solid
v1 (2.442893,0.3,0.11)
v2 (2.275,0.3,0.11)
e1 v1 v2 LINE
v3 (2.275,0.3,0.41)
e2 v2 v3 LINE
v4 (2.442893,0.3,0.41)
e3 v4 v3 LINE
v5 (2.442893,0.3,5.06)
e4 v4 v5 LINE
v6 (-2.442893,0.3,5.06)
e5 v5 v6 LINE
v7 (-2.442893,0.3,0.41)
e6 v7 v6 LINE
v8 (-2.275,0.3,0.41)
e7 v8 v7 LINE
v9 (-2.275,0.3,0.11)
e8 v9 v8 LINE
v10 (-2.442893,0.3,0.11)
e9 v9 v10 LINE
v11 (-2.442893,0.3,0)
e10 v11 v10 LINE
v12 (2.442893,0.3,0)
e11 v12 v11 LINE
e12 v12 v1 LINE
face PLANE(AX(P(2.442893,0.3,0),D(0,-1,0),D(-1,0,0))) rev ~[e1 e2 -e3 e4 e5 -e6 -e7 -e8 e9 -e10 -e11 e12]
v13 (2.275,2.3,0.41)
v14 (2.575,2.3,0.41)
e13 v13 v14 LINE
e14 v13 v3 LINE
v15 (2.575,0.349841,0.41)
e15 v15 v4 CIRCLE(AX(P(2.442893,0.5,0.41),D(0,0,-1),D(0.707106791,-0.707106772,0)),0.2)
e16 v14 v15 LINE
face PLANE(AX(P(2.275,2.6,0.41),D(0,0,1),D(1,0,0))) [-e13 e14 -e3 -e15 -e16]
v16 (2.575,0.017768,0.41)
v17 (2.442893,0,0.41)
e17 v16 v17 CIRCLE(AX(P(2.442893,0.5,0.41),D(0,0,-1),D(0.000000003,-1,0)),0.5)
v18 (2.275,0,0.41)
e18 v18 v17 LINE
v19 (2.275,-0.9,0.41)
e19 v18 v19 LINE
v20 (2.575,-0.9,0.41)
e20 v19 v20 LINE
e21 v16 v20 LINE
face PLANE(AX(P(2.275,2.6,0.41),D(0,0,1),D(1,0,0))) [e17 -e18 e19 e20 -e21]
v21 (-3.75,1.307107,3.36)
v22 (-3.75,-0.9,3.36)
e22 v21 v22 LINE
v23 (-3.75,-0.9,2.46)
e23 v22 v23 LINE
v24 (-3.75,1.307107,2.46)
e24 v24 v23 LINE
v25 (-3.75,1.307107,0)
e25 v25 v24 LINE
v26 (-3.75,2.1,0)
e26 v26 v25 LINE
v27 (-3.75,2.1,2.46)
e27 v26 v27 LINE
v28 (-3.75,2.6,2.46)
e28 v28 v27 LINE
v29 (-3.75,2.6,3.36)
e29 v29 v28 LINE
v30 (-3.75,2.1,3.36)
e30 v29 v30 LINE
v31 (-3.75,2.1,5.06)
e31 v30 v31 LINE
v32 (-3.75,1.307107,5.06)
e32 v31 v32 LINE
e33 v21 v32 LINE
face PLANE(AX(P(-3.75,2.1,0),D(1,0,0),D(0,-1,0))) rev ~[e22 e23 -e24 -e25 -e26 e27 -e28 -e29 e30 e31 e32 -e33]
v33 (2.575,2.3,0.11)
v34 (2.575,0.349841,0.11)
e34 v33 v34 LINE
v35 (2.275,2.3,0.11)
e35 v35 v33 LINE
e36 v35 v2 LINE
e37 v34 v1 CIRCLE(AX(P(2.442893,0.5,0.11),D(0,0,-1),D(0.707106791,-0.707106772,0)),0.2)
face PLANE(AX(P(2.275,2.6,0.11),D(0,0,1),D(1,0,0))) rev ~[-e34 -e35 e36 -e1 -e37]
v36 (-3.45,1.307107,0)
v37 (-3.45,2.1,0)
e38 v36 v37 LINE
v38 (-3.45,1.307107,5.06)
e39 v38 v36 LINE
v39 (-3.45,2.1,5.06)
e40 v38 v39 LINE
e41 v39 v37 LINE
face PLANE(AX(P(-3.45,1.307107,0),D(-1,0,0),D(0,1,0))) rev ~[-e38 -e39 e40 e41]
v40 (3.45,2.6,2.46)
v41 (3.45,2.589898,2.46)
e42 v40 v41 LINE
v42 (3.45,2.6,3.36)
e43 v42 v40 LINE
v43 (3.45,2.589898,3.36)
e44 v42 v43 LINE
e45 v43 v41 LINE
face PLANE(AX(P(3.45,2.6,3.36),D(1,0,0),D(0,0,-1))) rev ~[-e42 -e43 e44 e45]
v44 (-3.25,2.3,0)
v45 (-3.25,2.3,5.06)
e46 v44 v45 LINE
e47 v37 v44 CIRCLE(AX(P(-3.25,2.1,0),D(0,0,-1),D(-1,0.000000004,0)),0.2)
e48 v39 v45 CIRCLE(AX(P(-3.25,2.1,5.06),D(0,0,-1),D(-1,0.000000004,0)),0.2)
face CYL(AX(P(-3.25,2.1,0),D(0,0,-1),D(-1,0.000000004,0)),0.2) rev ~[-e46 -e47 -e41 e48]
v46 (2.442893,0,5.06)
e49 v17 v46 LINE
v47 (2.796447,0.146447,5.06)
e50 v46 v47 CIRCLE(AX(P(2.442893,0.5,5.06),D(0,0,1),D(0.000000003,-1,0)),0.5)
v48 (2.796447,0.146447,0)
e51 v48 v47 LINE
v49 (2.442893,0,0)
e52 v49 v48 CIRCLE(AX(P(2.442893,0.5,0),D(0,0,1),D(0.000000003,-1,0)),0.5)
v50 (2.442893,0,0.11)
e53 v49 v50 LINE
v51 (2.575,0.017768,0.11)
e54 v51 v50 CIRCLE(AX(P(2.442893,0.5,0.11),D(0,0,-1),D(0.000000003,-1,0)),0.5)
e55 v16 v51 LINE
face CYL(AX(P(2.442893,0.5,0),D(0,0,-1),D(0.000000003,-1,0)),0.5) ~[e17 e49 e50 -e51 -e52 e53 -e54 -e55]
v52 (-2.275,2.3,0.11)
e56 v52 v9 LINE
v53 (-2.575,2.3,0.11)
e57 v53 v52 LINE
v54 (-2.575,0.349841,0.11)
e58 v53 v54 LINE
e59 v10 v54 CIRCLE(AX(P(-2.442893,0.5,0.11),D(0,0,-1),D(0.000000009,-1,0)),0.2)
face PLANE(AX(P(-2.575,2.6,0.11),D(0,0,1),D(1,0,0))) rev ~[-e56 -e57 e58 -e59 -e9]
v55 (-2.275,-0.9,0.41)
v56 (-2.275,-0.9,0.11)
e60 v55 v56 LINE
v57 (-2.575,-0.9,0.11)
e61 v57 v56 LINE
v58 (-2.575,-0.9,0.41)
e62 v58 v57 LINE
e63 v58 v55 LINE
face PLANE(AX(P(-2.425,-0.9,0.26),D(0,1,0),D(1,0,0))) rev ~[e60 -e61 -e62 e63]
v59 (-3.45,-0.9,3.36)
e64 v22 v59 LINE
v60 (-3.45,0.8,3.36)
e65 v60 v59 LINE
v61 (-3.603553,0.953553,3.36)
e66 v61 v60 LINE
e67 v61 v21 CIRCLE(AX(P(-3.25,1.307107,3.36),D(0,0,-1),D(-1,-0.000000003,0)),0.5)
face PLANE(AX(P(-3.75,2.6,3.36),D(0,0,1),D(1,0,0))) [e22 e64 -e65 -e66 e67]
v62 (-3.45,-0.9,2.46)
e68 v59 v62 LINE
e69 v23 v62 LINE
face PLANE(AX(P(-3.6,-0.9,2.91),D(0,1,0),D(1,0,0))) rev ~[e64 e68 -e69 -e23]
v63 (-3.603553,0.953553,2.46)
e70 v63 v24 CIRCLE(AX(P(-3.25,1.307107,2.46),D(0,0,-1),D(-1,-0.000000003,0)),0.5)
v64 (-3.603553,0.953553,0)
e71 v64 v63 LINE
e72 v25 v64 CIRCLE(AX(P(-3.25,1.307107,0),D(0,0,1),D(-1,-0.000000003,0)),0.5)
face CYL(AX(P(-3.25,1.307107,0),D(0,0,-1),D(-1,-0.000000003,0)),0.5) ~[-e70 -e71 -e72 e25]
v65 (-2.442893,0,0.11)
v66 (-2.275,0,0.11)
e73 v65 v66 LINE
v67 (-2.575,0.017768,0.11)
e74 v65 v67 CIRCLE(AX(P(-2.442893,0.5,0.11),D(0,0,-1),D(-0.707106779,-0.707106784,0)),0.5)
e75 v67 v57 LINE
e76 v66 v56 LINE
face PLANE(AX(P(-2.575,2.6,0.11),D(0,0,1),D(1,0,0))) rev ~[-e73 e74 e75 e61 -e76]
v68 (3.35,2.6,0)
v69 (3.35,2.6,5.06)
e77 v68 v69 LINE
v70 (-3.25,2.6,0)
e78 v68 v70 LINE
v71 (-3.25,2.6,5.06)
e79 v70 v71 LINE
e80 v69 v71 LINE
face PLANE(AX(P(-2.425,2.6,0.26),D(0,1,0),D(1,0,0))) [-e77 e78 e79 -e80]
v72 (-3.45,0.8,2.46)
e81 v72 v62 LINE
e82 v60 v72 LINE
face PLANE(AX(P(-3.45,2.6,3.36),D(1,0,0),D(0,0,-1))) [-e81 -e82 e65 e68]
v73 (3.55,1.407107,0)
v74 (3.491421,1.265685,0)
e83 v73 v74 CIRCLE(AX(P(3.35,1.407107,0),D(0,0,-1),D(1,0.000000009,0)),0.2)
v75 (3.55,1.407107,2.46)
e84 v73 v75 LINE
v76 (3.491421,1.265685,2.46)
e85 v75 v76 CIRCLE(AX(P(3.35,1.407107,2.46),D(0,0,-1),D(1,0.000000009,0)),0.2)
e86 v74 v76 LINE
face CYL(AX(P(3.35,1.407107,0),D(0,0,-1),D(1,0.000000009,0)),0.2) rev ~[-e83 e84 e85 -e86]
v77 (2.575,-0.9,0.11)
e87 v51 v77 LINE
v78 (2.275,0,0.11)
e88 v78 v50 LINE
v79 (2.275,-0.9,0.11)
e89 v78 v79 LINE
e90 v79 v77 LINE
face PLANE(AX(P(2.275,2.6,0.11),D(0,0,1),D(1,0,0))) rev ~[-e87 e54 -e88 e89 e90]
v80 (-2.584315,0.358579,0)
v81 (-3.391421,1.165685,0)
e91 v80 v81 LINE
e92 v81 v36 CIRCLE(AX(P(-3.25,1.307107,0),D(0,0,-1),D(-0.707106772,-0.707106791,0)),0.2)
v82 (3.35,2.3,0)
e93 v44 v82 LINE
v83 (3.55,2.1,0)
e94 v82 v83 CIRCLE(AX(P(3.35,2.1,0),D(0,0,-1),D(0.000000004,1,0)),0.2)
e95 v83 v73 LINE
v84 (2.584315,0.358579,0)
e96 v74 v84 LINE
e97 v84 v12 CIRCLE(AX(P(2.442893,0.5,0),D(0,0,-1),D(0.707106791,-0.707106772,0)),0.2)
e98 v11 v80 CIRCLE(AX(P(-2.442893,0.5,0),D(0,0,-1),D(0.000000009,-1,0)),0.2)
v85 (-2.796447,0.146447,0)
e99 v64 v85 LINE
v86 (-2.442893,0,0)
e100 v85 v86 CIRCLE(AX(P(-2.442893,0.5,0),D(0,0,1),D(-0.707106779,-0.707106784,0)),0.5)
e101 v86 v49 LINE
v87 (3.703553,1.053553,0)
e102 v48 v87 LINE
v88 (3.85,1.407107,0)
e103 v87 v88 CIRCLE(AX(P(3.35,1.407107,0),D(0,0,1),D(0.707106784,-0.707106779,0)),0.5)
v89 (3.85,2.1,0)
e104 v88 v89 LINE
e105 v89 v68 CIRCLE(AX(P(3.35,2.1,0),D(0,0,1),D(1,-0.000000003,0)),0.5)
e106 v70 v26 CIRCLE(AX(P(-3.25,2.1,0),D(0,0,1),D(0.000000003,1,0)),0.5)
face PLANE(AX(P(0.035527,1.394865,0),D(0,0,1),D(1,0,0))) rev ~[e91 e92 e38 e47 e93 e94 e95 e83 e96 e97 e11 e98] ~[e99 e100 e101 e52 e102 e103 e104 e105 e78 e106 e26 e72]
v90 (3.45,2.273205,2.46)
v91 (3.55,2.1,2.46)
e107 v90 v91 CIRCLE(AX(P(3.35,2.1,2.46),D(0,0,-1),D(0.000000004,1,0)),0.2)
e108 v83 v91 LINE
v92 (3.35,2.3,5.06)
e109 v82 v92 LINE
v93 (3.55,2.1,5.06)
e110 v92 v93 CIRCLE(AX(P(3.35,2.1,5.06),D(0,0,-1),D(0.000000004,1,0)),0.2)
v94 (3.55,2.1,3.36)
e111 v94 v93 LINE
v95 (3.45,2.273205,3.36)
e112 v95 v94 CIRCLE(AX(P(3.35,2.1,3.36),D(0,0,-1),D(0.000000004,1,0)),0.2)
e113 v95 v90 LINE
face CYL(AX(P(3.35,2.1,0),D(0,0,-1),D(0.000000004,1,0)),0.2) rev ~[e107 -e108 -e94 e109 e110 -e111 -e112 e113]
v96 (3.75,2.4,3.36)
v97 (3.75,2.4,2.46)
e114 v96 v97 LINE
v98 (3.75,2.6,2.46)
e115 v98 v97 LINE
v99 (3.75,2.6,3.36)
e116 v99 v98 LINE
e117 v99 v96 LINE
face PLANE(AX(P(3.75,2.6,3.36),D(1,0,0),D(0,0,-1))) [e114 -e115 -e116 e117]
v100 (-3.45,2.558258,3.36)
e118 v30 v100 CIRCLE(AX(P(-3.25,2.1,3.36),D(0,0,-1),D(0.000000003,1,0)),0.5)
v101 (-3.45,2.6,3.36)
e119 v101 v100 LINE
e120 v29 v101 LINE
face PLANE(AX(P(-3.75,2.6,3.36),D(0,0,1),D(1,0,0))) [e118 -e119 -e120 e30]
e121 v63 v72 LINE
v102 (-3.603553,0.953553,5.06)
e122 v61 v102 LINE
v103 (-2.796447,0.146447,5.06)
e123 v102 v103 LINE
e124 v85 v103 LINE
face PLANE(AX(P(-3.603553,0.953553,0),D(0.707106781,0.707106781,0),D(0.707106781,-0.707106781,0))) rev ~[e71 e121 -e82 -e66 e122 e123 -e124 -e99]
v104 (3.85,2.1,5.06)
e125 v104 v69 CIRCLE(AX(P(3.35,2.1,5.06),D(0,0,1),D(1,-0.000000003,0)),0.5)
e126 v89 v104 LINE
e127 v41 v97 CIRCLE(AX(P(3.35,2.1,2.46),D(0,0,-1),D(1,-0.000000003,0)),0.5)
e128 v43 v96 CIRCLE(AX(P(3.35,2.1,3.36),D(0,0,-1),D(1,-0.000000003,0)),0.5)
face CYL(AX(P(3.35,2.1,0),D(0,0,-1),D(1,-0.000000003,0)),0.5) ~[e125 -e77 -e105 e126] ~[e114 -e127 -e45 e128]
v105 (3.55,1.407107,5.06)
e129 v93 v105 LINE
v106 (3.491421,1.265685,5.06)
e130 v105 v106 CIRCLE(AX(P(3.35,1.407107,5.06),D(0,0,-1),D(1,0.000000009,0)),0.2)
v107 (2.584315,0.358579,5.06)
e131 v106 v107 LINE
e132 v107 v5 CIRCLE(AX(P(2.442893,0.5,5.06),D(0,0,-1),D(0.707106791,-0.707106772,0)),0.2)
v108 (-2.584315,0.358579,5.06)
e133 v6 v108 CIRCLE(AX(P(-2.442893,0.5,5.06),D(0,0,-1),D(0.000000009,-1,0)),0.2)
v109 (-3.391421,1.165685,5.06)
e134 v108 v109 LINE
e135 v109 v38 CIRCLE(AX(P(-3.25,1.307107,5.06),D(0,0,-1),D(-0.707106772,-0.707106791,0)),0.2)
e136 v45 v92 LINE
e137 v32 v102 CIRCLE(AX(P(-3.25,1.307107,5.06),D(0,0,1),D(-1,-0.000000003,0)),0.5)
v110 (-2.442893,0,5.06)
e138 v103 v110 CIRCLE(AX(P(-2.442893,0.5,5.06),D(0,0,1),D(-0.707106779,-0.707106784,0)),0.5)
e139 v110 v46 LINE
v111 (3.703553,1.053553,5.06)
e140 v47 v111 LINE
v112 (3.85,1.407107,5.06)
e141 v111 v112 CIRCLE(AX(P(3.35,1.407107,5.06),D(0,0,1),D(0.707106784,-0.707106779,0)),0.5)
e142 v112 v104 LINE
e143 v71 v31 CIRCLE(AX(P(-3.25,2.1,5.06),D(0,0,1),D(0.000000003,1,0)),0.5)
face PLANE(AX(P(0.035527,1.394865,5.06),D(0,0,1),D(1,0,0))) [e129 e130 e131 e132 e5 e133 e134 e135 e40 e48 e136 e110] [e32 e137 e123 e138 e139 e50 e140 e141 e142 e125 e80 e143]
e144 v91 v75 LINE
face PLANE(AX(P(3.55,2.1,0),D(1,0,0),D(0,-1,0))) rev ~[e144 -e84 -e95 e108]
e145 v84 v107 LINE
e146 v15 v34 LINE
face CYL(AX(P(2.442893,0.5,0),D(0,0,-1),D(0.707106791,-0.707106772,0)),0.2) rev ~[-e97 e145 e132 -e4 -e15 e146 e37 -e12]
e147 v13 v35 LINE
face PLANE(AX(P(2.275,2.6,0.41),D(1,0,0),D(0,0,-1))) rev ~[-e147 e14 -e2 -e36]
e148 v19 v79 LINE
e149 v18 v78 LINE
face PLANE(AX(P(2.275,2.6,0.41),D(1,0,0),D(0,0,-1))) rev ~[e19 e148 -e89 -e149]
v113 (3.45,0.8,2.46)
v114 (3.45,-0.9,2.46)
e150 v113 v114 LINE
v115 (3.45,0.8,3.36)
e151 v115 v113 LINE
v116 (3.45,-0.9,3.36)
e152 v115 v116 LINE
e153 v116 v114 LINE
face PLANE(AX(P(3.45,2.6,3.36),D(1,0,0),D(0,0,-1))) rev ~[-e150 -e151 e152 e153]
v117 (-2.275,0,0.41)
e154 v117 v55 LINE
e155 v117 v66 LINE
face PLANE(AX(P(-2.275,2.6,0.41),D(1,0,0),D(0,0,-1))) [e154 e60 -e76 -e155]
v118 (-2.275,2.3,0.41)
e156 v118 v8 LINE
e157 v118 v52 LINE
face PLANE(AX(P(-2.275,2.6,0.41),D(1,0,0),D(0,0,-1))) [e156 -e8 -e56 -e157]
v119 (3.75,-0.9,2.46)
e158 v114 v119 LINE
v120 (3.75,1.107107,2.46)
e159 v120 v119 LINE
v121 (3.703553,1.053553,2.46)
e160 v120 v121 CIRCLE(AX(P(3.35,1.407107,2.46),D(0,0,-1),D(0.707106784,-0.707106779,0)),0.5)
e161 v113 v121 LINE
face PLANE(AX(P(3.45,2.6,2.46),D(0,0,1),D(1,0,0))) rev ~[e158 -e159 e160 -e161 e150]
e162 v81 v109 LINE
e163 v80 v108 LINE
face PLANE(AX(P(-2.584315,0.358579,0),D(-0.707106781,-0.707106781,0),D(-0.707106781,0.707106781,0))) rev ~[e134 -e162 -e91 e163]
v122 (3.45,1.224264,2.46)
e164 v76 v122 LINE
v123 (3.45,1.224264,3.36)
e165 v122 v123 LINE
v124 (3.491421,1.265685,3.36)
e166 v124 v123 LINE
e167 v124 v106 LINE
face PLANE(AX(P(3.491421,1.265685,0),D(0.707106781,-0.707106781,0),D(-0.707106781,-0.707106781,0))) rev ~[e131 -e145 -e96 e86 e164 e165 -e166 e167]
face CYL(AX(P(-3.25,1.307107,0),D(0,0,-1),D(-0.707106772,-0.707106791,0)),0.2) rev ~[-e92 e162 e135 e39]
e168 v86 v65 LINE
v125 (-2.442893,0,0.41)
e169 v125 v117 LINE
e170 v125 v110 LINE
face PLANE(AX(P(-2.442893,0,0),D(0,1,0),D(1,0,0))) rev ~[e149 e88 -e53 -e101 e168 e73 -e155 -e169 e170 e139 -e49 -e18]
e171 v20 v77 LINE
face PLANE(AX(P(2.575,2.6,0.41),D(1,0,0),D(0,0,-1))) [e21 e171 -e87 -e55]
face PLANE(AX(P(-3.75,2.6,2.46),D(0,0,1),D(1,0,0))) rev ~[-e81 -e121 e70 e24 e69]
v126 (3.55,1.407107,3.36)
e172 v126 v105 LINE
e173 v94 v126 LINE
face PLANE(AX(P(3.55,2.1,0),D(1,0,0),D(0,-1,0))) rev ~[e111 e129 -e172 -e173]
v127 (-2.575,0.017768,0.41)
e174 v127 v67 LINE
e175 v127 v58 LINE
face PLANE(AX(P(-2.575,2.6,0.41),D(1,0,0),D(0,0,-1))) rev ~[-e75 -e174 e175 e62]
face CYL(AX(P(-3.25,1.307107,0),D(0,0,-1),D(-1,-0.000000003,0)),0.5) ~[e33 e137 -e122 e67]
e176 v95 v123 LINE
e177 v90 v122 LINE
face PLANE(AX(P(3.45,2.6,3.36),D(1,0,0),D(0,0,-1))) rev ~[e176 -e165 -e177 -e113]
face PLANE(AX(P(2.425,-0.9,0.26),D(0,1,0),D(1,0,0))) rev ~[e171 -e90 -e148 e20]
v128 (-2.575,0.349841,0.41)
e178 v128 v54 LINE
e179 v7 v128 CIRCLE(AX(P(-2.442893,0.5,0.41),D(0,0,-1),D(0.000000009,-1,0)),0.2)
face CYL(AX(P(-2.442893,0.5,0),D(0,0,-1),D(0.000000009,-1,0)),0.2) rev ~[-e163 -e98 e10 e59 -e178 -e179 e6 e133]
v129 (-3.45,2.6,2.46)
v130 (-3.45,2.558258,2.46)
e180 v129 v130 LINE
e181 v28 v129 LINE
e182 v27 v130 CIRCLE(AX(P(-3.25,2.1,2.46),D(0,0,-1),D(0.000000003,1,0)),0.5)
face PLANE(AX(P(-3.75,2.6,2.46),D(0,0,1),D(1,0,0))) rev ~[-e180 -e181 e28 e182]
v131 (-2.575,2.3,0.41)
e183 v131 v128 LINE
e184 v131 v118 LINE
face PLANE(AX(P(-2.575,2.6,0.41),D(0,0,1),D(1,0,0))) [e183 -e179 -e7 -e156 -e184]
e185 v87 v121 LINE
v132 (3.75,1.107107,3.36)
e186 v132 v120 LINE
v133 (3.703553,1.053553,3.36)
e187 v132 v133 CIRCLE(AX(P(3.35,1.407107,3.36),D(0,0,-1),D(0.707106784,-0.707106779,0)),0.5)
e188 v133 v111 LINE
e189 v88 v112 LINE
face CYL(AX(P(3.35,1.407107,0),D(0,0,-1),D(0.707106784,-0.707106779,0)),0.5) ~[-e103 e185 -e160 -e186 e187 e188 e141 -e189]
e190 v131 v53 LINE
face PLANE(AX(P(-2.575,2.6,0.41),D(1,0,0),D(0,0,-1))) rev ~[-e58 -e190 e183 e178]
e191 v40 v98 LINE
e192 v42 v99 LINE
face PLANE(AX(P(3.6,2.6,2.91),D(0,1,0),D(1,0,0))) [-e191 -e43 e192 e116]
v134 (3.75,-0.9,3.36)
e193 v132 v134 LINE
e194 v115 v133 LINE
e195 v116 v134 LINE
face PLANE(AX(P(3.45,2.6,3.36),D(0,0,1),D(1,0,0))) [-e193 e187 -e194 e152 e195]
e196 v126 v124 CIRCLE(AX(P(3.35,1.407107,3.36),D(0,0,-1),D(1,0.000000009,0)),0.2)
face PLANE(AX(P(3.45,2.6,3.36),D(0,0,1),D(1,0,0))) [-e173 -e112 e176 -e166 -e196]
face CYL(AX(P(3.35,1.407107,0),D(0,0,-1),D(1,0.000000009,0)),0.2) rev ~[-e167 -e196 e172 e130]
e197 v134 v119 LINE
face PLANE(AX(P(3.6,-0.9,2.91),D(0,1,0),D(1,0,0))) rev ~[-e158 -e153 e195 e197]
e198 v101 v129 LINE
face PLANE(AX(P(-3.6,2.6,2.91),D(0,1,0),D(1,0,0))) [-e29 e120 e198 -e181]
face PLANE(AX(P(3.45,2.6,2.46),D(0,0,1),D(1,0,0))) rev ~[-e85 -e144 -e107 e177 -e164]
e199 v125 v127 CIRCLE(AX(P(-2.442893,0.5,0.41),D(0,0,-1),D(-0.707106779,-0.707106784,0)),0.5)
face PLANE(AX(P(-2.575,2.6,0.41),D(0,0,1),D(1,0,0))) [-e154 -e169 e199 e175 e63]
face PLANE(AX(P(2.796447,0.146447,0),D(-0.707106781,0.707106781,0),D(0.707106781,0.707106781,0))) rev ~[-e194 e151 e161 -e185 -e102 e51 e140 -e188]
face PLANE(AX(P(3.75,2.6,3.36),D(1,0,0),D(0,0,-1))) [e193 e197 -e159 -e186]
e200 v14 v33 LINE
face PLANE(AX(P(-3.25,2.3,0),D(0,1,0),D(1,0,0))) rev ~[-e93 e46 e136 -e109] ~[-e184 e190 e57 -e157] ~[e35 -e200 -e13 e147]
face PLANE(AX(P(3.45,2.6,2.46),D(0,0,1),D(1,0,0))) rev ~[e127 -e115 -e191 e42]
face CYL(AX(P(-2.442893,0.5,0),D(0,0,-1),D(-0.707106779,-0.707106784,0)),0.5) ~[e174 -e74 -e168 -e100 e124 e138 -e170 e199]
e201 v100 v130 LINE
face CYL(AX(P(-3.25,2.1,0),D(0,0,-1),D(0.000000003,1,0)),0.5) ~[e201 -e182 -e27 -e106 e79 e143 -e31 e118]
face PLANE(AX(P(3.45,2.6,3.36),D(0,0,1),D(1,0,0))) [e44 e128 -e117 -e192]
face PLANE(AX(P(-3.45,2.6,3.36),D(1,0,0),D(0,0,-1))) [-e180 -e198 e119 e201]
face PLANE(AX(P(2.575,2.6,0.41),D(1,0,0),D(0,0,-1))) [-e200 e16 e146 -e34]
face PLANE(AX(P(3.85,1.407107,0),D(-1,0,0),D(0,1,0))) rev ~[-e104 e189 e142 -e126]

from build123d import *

# Parameters (mm, degrees)
EXTRUDE_1_DEPTH     = 5.06
CUT_EXTRUDE_1_REACH = 7.06
SKETCH_2_W          = 0.3
SKETCH_2_H          = 0.3
SKETCH_2_H_2        = 0.9
EXTRUDE_2_DEPTH     = 3.5


with BuildPart() as part:
    # 草图1 → 凸台-拉伸1 (new body)
    with BuildSketch(Plane.XY):
        with BuildLine():
            Line((-3.603553391, 0.953553391), (-2.796446609, 0.146446609))
            ThreePointArc((-2.796446609, 0.146446609), (-2.634234935, 0.038060234), (-2.442893219, 0))
            Line((-2.442893219, 0), (2.442893219, 0))
            ThreePointArc((2.442893219, 0), (2.634234935, 0.038060234), (2.796446609, 0.146446609))
            Line((2.796446609, 0.146446609), (3.703553391, 1.053553391))
            ThreePointArc((3.703553391, 1.053553391), (3.811939766, 1.215765065), (3.85, 1.407106781))
            Line((3.85, 1.407106781), (3.85, 2.1))
            ThreePointArc((3.85, 2.1), (3.703553391, 2.453553391), (3.35, 2.6))
            Line((3.35, 2.6), (-3.25, 2.6))
            ThreePointArc((-3.25, 2.6), (-3.603553391, 2.453553391), (-3.75, 2.1))
            Line((-3.75, 2.1), (-3.75, 1.307106781))
            ThreePointArc((-3.75, 1.307106781), (-3.711939766, 1.115765065), (-3.603553391, 0.953553391))
        make_face()
    extrude(amount=EXTRUDE_1_DEPTH)

    # 草图4 → 切除-拉伸1 (cut, up to next)
    with BuildSketch(Plane(origin=(0, 0, 0), x_dir=(-1, 0, 0), z_dir=(0, 0, -1)), mode=Mode.PRIVATE) as cut_extrude_1_sk1:
        with BuildLine():
            Line((-2.442893219, 0.3), (2.442893219, 0.3))
            ThreePointArc((2.442893219, 0.3), (2.519429905, 0.315224093), (2.584314575, 0.358578644))
            Line((2.584314575, 0.358578644), (3.391421356, 1.165685425))
            ThreePointArc((3.391421356, 1.165685425), (3.434775907, 1.230570095), (3.45, 1.307106781))
            Line((3.45, 1.307106781), (3.45, 2.1))
            ThreePointArc((3.45, 2.1), (3.391421356, 2.241421356), (3.25, 2.3))
            Line((3.25, 2.3), (-3.35, 2.3))
            ThreePointArc((-3.35, 2.3), (-3.491421356, 2.241421356), (-3.55, 2.1))
            Line((-3.55, 2.1), (-3.55, 1.407106781))
            ThreePointArc((-3.55, 1.407106781), (-3.534775907, 1.330570095), (-3.491421356, 1.265685425))
            Line((-3.491421356, 1.265685425), (-2.584314575, 0.358578644))
            ThreePointArc((-2.584314575, 0.358578644), (-2.519429905, 0.315224093), (-2.442893219, 0.3))
        make_face()
    cut_extrude_1_tool1 = extrude(cut_extrude_1_sk1.sketch, amount=-CUT_EXTRUDE_1_REACH, mode=Mode.PRIVATE) & part.part
    add(cut_extrude_1_tool1.solids().sort_by_distance((0.027478, 1.348077, 0))[0], mode=Mode.SUBTRACT)

    # 草图2 → 凸台-拉伸2 (add)
    with BuildSketch(Plane(origin=(0, 2.6, 0), x_dir=(1, 0, 0), z_dir=(0, 1, 0))):
        with Locations((-2.425, -0.26)):
            Rectangle(SKETCH_2_W, SKETCH_2_H)
        with Locations((-3.6, -2.91)):
            Rectangle(SKETCH_2_W, SKETCH_2_H_2)
        with Locations((3.6, -2.91)):
            Rectangle(SKETCH_2_W, SKETCH_2_H_2)
        with Locations((2.425, -0.26)):
            Rectangle(SKETCH_2_W, SKETCH_2_H)
    extrude(amount=-EXTRUDE_2_DEPTH)


solid = part.part
